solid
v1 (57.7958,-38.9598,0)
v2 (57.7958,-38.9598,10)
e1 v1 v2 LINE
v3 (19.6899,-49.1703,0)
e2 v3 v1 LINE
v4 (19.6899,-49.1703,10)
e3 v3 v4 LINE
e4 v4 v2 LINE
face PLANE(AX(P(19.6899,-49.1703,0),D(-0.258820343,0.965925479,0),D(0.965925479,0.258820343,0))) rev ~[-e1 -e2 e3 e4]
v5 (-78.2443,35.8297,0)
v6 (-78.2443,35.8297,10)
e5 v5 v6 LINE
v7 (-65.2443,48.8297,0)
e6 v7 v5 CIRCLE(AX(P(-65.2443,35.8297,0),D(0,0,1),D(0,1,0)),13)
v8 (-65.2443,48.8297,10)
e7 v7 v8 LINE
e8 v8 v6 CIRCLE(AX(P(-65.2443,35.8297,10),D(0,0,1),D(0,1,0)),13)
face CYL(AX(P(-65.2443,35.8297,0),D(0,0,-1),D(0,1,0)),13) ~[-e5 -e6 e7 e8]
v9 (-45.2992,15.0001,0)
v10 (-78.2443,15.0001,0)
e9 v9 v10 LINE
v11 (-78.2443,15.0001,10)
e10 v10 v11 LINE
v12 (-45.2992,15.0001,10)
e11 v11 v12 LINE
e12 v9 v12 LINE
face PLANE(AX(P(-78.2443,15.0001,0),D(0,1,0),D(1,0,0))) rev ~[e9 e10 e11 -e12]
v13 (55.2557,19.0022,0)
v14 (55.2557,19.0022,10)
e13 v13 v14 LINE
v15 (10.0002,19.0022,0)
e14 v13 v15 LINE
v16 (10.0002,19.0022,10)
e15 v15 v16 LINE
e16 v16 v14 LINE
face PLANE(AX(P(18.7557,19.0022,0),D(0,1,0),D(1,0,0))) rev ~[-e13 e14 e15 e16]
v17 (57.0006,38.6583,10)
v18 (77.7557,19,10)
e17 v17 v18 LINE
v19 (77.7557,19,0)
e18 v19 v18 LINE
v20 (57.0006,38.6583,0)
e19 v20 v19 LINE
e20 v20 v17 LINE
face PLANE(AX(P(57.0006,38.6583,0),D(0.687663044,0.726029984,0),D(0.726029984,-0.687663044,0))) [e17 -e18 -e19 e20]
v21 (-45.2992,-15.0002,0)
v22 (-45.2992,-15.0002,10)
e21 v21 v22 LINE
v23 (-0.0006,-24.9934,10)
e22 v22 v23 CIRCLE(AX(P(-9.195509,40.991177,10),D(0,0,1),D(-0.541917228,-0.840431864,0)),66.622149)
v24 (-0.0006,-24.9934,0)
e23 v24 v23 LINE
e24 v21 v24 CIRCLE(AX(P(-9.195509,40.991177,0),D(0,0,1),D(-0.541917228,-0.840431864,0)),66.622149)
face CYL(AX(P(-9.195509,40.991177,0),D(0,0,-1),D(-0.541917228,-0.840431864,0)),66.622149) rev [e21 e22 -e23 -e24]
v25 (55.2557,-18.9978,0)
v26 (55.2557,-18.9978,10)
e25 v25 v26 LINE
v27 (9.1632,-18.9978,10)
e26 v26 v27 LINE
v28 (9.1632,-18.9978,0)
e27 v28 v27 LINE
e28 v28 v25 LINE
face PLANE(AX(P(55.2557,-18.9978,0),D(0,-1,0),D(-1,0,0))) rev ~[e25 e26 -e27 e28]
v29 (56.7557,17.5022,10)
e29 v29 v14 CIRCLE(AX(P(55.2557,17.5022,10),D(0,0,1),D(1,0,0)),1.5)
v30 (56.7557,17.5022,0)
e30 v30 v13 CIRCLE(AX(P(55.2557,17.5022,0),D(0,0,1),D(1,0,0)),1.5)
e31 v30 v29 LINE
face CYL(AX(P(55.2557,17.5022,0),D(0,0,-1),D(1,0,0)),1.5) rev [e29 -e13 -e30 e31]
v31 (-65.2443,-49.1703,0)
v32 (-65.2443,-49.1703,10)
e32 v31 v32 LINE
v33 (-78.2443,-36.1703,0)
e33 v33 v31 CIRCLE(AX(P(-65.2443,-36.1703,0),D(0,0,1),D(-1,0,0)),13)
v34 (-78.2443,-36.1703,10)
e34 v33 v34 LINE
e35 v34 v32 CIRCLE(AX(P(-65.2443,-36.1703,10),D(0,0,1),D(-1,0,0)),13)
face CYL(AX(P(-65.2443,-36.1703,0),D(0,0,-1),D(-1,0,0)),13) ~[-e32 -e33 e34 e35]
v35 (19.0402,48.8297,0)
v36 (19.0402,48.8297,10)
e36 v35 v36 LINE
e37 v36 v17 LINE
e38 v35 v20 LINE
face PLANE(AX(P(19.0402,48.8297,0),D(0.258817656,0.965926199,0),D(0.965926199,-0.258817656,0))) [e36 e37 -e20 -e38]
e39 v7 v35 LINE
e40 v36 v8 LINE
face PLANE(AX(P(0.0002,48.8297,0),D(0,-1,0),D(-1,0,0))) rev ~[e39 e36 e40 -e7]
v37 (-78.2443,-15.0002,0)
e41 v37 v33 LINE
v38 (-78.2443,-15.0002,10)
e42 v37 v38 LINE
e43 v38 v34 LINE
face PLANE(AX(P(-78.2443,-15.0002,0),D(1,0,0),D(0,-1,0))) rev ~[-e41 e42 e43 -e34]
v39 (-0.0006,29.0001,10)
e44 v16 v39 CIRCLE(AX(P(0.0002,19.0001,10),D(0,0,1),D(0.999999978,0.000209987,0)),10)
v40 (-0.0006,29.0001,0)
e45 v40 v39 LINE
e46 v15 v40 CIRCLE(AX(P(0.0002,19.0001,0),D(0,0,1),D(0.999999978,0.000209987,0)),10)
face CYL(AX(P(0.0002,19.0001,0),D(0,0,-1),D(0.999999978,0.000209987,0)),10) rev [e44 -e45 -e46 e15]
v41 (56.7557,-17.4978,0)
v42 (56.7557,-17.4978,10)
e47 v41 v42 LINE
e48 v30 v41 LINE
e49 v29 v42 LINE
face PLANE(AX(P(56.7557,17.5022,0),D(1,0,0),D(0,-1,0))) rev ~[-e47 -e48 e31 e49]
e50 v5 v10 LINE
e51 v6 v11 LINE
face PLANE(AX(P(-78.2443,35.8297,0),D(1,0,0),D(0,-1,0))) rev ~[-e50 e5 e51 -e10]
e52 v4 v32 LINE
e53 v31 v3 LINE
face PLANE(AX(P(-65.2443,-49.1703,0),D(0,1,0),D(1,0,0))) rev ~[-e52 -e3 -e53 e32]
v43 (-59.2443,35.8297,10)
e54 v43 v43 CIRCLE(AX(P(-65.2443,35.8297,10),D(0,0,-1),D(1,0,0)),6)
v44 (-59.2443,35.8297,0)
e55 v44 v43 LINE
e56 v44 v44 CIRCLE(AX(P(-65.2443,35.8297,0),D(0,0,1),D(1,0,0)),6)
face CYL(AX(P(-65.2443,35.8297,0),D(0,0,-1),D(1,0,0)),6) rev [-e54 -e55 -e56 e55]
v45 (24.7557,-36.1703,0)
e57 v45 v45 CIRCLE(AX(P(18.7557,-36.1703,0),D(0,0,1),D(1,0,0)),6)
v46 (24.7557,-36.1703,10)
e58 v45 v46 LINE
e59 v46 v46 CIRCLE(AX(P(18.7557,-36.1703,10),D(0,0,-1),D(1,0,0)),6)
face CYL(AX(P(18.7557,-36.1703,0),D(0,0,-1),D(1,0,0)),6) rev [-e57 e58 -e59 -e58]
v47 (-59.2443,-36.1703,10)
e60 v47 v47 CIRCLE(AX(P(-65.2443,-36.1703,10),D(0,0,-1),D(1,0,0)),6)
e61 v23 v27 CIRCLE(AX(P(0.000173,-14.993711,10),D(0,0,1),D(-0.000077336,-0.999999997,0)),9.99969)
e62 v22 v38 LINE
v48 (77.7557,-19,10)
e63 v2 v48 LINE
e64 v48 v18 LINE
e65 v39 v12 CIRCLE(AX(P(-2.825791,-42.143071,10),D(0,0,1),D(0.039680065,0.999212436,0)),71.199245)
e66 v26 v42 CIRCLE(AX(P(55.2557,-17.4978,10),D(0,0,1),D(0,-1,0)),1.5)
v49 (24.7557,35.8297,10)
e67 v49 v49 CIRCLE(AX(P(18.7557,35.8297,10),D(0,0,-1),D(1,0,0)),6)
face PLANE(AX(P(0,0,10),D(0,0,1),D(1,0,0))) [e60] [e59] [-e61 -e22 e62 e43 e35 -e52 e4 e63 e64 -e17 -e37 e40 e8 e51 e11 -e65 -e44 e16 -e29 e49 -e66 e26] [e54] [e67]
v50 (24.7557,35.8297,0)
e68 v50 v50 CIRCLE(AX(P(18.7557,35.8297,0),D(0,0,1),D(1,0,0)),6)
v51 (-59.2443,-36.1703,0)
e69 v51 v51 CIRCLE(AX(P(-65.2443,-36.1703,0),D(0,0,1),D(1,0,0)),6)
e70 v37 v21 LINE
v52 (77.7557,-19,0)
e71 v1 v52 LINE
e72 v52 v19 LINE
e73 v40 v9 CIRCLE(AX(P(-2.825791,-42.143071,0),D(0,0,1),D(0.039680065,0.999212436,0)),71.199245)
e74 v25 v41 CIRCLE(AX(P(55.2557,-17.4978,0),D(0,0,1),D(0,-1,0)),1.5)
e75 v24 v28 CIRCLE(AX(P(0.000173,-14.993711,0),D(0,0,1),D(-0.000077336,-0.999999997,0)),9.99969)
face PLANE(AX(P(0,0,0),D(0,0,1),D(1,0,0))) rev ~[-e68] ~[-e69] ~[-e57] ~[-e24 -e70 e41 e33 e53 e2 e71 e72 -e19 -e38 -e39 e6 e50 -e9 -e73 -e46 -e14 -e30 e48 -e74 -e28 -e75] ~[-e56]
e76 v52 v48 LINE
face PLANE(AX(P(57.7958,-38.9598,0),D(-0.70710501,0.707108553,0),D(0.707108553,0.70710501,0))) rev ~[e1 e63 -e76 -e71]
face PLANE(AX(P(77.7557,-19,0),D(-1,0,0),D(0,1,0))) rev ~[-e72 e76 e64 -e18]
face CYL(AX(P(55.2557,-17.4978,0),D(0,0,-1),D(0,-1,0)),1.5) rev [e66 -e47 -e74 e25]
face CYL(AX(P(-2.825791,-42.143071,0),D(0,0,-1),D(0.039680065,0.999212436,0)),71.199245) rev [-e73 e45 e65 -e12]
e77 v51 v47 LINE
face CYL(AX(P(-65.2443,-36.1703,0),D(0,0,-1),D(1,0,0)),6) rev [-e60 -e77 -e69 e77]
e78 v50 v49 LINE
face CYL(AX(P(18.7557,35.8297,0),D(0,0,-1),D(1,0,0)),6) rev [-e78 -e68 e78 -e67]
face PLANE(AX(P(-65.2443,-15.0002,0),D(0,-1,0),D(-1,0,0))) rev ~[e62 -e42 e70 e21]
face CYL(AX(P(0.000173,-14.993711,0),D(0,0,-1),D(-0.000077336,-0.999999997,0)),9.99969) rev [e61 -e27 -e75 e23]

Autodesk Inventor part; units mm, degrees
ref_plane "YZ Plane" through (0, 0, 0) normal (1, 0, 0) x (0, 1, 0)
ref_plane "XZ Plane" through (0, 0, 0) normal (0, 1, 0) x (-1, 0, 0)
ref_plane "XY Plane" through (0, 0, 0) normal (0, 0, 1) x (1, 0, 0)
sketch "스케치1" plane through (0, 0, 0) normal (0, 0, 1) x (1, 0, 0)
  line L0 (-26.6915, 0) -> (30.6457, 0)
  line L1 (0.0002, 26.0752) -> (0.0002, -24.1528)
  line L2 (-65.2443, -49.1703) -> (0.0002, -49.1703)
  line L3 (0.0002, 48.8297) -> (-65.2443, 48.8297)
  line L4 (-78.2443, -49.1703) -> (77.7557, 48.8632) construction
  line L5 (78.0463, -48.7061) -> (-78.2443, 48.8297) construction
  line L6 (-65.2443, 35.8297) -> (18.7557, 35.8297)
  line L7 (18.7557, 35.8297) -> (18.7557, -36.1703)
  line L8 (18.7557, -36.1703) -> (-65.2443, -36.1703)
  line L9 (-65.2443, -36.1703) -> (-65.2443, 35.8297)
  line L10 (56.7557, 17.5022) -> (56.7557, -17.4978)
  circle A0 centre (18.7557, 35.8297) radius 6
  circle A1 centre (-65.2443, 35.8297) radius 6
  circle A2 centre (18.7557, -36.1703) radius 6
  circle A3 centre (-65.2443, -36.1703) radius 6
  arc A4 (-65.2443, 48.8297) -> (-78.2443, 35.8297) centre (-65.2443, 35.8297) ccw
  arc A5 (-78.2443, -36.1703) -> (-65.2443, -49.1703) centre (-65.2443, -36.1703) ccw
  line L11 (77.7557, -19) -> (77.7557, 19)
  line L12 (0.0002, 48.8297) -> (82.2012, 48.8297) construction
  line L13 (-78.2443, -49.1703) -> (82.2012, -49.1703) construction
  line L14 (0.0002, -49.1703) -> (19.6899, -49.1703)
  line L15 (0.0002, 48.8297) -> (19.0402, 48.8297)
  line L16 (19.6899, -49.1703) -> (57.7958, -38.9598)
  line L17 (19.6899, -49.1703) -> (59.1401, -49.1703) construction
  line L18 (19.0402, 48.8297) -> (59.7283, 48.8297) construction
  line L19 (57.7958, -38.9598) -> (87.4943, -38.9598) construction
  line L20 (19.0402, 48.8297) -> (61.8181, 48.8297) construction
  line L21 (19.0402, 48.8297) -> (57.0006, 38.6583)
  line L22 (19.0402, 48.8297) -> (58.3397, 48.8297) construction
  line L23 (57.0006, 38.6583) -> (77.7557, 19)
  line L24 (57.7958, -38.9598) -> (77.7557, -19)
  arc A6 (10.0002, 19.0022) -> (-0.0006, 29.0001) centre (0.0002, 19.0001) ccw
  line L25 (-78.2443, 35.8297) -> (-78.2443, 15.0001)
  line L26 (-78.2443, -15.0002) -> (-78.2443, -36.1703)
  line L27 (10.0002, 19.0022) -> (55.2557, 19.0022)
  line L28 (55.2557, -18.9978) -> (9.1632, -18.9978)
  line L29 (-45.2992, -15.0002) -> (-78.2443, -15.0002)
  arc A7 (-45.2992, -15.0002) -> (-0.0006, -24.9934) centre (-9.1955, 40.9912) ccw
  arc A8 (-0.0006, 29.0001) -> (-45.2992, 15.0001) centre (-2.8258, -42.143) ccw
  arc A9 (-0.0006, -24.9934) -> (9.1632, -18.9978) centre (0.0002, -14.9938) ccw
  arc A10 (56.7557, 17.5022) -> (55.2557, 19.0022) centre (55.2557, 17.5022) ccw
  arc A11 (55.2557, -18.9978) -> (56.7557, -17.4978) centre (55.2557, -17.4978) ccw
  line L30 (-78.2443, 15.0001) -> (-45.2992, 15.0001)
  point P0 (0, 0)
  dimension "d0" = 156
  dimension "d1" = 98
  dimension "d2" = 13
  dimension "d4" = 13
  dimension "d5" = 84
  dimension "d6" = 38
  dimension "d8" = 12
  dimension "d9" = 12
  dimension "d10" = 12
  dimension "d11" = 12
  dimension "d12" = 13
  dimension "d15" = 38
  dimension "d17" = 15
  dimension "d21" = 15
  dimension "d23" = 45
  dimension "d27" = 20
  dimension "d29" = 3
  dimension "d30" = 3
  dimension "d31" = 30.0004
extrude "돌출1" add sketch "스케치1" along normal blind 10 contours A5 L26 L29 L9 A3 L8 A2 L7 L28 A11 L10 A10 L27 A0 L6 A1 L30 L25 A4 L3 L15 L21 L23 L11 L24 L16 L14 L2 | L29 A7 A9 L28 L7 A2 L8 A3 L9 | L9 A1 L6 A0 L7 L27 A6 A8 L30
properties part number "스케치02"
